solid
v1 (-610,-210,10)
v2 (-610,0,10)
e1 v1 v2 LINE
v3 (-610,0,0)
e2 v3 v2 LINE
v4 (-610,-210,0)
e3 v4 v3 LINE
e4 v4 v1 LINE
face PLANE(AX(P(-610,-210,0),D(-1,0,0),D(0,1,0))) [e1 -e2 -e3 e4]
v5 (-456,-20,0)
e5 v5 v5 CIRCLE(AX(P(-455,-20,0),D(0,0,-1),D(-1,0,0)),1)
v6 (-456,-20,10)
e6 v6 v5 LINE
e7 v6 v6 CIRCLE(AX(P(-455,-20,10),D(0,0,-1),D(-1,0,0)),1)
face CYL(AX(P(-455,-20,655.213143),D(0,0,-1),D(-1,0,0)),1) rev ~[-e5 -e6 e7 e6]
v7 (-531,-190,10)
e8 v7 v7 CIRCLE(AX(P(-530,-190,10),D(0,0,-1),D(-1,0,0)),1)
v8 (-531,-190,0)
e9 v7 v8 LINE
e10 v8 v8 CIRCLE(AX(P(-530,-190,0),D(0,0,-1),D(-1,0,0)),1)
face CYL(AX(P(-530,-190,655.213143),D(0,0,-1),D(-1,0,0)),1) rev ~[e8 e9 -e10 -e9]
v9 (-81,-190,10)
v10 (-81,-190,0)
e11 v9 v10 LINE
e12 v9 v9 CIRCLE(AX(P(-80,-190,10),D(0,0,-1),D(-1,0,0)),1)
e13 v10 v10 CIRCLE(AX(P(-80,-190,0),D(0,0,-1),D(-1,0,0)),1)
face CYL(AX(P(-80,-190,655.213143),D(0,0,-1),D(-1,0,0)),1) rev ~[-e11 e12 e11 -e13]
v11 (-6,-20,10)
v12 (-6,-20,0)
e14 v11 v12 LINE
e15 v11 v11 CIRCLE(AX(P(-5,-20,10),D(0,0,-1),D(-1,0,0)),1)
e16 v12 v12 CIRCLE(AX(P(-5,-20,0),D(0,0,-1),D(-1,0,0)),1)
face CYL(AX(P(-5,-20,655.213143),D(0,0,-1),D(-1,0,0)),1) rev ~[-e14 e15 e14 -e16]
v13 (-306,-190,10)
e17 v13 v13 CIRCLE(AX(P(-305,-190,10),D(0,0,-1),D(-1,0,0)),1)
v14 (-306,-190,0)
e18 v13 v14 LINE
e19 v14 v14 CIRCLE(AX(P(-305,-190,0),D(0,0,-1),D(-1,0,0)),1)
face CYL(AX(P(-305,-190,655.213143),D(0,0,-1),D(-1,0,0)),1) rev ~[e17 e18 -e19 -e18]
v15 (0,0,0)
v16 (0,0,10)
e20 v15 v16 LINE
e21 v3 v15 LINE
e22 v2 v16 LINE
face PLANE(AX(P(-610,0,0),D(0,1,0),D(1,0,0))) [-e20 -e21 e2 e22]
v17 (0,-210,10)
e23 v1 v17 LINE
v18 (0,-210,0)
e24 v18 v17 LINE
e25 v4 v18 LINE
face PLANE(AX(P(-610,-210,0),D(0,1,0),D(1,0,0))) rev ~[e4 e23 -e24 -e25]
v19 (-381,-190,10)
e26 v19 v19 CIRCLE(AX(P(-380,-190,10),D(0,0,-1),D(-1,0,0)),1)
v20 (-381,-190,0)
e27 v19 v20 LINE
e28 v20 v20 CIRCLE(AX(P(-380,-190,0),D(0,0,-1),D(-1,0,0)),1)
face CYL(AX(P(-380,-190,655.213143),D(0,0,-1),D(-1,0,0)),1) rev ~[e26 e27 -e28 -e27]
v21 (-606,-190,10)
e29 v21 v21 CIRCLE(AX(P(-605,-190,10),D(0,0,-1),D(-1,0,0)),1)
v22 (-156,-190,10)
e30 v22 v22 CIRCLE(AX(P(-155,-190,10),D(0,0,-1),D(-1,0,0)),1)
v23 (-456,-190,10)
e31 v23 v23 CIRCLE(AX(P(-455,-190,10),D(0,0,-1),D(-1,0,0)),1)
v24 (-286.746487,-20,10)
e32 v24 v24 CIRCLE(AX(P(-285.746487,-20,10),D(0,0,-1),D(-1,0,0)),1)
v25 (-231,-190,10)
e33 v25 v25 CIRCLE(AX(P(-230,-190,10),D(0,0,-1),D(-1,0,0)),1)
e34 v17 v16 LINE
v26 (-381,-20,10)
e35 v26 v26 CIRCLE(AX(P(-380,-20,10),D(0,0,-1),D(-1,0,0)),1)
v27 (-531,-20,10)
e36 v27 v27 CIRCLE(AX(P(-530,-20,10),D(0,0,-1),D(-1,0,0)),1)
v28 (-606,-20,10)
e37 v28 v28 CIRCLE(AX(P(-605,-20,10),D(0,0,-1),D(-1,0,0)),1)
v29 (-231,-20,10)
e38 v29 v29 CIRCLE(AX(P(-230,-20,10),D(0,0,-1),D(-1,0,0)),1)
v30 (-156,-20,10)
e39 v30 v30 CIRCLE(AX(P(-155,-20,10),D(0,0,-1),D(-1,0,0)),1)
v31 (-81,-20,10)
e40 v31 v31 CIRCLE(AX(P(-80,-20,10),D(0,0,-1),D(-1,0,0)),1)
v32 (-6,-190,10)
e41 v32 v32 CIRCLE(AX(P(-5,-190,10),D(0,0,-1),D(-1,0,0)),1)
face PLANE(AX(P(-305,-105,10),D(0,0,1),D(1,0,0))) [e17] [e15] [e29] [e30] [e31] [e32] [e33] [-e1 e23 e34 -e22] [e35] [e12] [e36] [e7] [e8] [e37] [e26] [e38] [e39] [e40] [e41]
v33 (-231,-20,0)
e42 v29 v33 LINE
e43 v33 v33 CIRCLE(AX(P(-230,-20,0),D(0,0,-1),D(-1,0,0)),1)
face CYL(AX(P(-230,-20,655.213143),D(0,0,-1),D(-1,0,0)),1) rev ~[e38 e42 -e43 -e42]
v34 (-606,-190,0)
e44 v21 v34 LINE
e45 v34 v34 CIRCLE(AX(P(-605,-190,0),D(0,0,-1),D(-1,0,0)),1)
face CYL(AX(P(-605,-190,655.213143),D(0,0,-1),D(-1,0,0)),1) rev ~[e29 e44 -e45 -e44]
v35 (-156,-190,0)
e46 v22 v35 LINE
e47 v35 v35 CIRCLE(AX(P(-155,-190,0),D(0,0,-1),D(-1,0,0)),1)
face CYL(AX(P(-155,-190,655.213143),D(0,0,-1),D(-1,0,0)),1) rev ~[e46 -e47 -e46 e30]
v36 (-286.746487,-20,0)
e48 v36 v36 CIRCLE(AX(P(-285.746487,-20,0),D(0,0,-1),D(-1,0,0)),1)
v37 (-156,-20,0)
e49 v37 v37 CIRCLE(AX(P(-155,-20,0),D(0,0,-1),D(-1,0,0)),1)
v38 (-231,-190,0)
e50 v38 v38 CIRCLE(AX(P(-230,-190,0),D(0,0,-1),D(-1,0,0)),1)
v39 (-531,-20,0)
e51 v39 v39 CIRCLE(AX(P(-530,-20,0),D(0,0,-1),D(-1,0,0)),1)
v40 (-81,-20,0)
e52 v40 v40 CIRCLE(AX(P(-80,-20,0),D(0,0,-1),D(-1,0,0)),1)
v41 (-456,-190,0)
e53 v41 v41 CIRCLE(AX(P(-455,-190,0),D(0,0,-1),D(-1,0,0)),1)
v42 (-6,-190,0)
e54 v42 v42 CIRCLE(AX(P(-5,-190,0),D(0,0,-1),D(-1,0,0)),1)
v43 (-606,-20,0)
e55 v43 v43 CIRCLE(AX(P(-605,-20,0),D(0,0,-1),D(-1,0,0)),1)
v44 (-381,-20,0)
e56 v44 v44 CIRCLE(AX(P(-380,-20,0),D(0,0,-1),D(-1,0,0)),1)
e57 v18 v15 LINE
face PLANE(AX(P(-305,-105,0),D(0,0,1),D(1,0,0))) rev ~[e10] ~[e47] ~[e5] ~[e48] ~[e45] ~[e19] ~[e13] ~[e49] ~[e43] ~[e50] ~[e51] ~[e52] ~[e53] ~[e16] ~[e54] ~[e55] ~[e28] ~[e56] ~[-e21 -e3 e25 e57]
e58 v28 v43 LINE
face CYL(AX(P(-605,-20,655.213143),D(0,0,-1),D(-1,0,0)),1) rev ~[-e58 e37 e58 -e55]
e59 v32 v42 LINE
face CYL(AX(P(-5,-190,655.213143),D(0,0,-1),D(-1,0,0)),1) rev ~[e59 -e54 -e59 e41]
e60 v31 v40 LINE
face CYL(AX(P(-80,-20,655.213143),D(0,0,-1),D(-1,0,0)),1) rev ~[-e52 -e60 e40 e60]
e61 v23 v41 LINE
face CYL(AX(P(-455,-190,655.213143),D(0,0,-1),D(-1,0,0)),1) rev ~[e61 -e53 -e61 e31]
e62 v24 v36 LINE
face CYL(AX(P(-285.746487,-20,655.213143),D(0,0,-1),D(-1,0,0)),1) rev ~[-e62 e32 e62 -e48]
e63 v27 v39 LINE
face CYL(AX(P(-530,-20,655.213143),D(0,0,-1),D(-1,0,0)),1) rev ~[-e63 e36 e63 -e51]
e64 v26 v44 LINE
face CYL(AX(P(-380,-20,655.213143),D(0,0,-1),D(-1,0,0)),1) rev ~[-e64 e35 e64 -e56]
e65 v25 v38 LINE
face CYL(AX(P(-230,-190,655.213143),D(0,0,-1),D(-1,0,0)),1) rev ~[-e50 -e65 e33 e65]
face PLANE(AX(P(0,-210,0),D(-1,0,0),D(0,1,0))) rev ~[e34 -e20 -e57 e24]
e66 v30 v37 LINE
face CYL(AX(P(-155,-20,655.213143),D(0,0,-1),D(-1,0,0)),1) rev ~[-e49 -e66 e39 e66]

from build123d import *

# Parameters (mm, degrees)
F0_W     = 610
F0_H     = 210
F1_DEPTH = 10
F3_D     = 2


with BuildPart() as f1:
    # F0 (on Top) → F1 (new body)
    with BuildSketch(Plane.XY):
        with Locations((-305, -105)):
            Rectangle(F0_W, F0_H)
    extrude(amount=F1_DEPTH)

    # F3 (through all)
    with Locations(Plane.XY.offset(10)):
        with Locations((-530, -190), (-455, -190), (-380, -190), (-305, -190), (-230, -190), (-155, -190), (-80, -190), (-80, -20), (-155, -20), (-230, -20), (-285.746487, -20), (-380, -20), (-455, -20), (-530, -20), (-605, -20), (-605, -190), (-5, -20), (-5, -190)):
            Hole(F3_D / 2)


solid = f1.part
